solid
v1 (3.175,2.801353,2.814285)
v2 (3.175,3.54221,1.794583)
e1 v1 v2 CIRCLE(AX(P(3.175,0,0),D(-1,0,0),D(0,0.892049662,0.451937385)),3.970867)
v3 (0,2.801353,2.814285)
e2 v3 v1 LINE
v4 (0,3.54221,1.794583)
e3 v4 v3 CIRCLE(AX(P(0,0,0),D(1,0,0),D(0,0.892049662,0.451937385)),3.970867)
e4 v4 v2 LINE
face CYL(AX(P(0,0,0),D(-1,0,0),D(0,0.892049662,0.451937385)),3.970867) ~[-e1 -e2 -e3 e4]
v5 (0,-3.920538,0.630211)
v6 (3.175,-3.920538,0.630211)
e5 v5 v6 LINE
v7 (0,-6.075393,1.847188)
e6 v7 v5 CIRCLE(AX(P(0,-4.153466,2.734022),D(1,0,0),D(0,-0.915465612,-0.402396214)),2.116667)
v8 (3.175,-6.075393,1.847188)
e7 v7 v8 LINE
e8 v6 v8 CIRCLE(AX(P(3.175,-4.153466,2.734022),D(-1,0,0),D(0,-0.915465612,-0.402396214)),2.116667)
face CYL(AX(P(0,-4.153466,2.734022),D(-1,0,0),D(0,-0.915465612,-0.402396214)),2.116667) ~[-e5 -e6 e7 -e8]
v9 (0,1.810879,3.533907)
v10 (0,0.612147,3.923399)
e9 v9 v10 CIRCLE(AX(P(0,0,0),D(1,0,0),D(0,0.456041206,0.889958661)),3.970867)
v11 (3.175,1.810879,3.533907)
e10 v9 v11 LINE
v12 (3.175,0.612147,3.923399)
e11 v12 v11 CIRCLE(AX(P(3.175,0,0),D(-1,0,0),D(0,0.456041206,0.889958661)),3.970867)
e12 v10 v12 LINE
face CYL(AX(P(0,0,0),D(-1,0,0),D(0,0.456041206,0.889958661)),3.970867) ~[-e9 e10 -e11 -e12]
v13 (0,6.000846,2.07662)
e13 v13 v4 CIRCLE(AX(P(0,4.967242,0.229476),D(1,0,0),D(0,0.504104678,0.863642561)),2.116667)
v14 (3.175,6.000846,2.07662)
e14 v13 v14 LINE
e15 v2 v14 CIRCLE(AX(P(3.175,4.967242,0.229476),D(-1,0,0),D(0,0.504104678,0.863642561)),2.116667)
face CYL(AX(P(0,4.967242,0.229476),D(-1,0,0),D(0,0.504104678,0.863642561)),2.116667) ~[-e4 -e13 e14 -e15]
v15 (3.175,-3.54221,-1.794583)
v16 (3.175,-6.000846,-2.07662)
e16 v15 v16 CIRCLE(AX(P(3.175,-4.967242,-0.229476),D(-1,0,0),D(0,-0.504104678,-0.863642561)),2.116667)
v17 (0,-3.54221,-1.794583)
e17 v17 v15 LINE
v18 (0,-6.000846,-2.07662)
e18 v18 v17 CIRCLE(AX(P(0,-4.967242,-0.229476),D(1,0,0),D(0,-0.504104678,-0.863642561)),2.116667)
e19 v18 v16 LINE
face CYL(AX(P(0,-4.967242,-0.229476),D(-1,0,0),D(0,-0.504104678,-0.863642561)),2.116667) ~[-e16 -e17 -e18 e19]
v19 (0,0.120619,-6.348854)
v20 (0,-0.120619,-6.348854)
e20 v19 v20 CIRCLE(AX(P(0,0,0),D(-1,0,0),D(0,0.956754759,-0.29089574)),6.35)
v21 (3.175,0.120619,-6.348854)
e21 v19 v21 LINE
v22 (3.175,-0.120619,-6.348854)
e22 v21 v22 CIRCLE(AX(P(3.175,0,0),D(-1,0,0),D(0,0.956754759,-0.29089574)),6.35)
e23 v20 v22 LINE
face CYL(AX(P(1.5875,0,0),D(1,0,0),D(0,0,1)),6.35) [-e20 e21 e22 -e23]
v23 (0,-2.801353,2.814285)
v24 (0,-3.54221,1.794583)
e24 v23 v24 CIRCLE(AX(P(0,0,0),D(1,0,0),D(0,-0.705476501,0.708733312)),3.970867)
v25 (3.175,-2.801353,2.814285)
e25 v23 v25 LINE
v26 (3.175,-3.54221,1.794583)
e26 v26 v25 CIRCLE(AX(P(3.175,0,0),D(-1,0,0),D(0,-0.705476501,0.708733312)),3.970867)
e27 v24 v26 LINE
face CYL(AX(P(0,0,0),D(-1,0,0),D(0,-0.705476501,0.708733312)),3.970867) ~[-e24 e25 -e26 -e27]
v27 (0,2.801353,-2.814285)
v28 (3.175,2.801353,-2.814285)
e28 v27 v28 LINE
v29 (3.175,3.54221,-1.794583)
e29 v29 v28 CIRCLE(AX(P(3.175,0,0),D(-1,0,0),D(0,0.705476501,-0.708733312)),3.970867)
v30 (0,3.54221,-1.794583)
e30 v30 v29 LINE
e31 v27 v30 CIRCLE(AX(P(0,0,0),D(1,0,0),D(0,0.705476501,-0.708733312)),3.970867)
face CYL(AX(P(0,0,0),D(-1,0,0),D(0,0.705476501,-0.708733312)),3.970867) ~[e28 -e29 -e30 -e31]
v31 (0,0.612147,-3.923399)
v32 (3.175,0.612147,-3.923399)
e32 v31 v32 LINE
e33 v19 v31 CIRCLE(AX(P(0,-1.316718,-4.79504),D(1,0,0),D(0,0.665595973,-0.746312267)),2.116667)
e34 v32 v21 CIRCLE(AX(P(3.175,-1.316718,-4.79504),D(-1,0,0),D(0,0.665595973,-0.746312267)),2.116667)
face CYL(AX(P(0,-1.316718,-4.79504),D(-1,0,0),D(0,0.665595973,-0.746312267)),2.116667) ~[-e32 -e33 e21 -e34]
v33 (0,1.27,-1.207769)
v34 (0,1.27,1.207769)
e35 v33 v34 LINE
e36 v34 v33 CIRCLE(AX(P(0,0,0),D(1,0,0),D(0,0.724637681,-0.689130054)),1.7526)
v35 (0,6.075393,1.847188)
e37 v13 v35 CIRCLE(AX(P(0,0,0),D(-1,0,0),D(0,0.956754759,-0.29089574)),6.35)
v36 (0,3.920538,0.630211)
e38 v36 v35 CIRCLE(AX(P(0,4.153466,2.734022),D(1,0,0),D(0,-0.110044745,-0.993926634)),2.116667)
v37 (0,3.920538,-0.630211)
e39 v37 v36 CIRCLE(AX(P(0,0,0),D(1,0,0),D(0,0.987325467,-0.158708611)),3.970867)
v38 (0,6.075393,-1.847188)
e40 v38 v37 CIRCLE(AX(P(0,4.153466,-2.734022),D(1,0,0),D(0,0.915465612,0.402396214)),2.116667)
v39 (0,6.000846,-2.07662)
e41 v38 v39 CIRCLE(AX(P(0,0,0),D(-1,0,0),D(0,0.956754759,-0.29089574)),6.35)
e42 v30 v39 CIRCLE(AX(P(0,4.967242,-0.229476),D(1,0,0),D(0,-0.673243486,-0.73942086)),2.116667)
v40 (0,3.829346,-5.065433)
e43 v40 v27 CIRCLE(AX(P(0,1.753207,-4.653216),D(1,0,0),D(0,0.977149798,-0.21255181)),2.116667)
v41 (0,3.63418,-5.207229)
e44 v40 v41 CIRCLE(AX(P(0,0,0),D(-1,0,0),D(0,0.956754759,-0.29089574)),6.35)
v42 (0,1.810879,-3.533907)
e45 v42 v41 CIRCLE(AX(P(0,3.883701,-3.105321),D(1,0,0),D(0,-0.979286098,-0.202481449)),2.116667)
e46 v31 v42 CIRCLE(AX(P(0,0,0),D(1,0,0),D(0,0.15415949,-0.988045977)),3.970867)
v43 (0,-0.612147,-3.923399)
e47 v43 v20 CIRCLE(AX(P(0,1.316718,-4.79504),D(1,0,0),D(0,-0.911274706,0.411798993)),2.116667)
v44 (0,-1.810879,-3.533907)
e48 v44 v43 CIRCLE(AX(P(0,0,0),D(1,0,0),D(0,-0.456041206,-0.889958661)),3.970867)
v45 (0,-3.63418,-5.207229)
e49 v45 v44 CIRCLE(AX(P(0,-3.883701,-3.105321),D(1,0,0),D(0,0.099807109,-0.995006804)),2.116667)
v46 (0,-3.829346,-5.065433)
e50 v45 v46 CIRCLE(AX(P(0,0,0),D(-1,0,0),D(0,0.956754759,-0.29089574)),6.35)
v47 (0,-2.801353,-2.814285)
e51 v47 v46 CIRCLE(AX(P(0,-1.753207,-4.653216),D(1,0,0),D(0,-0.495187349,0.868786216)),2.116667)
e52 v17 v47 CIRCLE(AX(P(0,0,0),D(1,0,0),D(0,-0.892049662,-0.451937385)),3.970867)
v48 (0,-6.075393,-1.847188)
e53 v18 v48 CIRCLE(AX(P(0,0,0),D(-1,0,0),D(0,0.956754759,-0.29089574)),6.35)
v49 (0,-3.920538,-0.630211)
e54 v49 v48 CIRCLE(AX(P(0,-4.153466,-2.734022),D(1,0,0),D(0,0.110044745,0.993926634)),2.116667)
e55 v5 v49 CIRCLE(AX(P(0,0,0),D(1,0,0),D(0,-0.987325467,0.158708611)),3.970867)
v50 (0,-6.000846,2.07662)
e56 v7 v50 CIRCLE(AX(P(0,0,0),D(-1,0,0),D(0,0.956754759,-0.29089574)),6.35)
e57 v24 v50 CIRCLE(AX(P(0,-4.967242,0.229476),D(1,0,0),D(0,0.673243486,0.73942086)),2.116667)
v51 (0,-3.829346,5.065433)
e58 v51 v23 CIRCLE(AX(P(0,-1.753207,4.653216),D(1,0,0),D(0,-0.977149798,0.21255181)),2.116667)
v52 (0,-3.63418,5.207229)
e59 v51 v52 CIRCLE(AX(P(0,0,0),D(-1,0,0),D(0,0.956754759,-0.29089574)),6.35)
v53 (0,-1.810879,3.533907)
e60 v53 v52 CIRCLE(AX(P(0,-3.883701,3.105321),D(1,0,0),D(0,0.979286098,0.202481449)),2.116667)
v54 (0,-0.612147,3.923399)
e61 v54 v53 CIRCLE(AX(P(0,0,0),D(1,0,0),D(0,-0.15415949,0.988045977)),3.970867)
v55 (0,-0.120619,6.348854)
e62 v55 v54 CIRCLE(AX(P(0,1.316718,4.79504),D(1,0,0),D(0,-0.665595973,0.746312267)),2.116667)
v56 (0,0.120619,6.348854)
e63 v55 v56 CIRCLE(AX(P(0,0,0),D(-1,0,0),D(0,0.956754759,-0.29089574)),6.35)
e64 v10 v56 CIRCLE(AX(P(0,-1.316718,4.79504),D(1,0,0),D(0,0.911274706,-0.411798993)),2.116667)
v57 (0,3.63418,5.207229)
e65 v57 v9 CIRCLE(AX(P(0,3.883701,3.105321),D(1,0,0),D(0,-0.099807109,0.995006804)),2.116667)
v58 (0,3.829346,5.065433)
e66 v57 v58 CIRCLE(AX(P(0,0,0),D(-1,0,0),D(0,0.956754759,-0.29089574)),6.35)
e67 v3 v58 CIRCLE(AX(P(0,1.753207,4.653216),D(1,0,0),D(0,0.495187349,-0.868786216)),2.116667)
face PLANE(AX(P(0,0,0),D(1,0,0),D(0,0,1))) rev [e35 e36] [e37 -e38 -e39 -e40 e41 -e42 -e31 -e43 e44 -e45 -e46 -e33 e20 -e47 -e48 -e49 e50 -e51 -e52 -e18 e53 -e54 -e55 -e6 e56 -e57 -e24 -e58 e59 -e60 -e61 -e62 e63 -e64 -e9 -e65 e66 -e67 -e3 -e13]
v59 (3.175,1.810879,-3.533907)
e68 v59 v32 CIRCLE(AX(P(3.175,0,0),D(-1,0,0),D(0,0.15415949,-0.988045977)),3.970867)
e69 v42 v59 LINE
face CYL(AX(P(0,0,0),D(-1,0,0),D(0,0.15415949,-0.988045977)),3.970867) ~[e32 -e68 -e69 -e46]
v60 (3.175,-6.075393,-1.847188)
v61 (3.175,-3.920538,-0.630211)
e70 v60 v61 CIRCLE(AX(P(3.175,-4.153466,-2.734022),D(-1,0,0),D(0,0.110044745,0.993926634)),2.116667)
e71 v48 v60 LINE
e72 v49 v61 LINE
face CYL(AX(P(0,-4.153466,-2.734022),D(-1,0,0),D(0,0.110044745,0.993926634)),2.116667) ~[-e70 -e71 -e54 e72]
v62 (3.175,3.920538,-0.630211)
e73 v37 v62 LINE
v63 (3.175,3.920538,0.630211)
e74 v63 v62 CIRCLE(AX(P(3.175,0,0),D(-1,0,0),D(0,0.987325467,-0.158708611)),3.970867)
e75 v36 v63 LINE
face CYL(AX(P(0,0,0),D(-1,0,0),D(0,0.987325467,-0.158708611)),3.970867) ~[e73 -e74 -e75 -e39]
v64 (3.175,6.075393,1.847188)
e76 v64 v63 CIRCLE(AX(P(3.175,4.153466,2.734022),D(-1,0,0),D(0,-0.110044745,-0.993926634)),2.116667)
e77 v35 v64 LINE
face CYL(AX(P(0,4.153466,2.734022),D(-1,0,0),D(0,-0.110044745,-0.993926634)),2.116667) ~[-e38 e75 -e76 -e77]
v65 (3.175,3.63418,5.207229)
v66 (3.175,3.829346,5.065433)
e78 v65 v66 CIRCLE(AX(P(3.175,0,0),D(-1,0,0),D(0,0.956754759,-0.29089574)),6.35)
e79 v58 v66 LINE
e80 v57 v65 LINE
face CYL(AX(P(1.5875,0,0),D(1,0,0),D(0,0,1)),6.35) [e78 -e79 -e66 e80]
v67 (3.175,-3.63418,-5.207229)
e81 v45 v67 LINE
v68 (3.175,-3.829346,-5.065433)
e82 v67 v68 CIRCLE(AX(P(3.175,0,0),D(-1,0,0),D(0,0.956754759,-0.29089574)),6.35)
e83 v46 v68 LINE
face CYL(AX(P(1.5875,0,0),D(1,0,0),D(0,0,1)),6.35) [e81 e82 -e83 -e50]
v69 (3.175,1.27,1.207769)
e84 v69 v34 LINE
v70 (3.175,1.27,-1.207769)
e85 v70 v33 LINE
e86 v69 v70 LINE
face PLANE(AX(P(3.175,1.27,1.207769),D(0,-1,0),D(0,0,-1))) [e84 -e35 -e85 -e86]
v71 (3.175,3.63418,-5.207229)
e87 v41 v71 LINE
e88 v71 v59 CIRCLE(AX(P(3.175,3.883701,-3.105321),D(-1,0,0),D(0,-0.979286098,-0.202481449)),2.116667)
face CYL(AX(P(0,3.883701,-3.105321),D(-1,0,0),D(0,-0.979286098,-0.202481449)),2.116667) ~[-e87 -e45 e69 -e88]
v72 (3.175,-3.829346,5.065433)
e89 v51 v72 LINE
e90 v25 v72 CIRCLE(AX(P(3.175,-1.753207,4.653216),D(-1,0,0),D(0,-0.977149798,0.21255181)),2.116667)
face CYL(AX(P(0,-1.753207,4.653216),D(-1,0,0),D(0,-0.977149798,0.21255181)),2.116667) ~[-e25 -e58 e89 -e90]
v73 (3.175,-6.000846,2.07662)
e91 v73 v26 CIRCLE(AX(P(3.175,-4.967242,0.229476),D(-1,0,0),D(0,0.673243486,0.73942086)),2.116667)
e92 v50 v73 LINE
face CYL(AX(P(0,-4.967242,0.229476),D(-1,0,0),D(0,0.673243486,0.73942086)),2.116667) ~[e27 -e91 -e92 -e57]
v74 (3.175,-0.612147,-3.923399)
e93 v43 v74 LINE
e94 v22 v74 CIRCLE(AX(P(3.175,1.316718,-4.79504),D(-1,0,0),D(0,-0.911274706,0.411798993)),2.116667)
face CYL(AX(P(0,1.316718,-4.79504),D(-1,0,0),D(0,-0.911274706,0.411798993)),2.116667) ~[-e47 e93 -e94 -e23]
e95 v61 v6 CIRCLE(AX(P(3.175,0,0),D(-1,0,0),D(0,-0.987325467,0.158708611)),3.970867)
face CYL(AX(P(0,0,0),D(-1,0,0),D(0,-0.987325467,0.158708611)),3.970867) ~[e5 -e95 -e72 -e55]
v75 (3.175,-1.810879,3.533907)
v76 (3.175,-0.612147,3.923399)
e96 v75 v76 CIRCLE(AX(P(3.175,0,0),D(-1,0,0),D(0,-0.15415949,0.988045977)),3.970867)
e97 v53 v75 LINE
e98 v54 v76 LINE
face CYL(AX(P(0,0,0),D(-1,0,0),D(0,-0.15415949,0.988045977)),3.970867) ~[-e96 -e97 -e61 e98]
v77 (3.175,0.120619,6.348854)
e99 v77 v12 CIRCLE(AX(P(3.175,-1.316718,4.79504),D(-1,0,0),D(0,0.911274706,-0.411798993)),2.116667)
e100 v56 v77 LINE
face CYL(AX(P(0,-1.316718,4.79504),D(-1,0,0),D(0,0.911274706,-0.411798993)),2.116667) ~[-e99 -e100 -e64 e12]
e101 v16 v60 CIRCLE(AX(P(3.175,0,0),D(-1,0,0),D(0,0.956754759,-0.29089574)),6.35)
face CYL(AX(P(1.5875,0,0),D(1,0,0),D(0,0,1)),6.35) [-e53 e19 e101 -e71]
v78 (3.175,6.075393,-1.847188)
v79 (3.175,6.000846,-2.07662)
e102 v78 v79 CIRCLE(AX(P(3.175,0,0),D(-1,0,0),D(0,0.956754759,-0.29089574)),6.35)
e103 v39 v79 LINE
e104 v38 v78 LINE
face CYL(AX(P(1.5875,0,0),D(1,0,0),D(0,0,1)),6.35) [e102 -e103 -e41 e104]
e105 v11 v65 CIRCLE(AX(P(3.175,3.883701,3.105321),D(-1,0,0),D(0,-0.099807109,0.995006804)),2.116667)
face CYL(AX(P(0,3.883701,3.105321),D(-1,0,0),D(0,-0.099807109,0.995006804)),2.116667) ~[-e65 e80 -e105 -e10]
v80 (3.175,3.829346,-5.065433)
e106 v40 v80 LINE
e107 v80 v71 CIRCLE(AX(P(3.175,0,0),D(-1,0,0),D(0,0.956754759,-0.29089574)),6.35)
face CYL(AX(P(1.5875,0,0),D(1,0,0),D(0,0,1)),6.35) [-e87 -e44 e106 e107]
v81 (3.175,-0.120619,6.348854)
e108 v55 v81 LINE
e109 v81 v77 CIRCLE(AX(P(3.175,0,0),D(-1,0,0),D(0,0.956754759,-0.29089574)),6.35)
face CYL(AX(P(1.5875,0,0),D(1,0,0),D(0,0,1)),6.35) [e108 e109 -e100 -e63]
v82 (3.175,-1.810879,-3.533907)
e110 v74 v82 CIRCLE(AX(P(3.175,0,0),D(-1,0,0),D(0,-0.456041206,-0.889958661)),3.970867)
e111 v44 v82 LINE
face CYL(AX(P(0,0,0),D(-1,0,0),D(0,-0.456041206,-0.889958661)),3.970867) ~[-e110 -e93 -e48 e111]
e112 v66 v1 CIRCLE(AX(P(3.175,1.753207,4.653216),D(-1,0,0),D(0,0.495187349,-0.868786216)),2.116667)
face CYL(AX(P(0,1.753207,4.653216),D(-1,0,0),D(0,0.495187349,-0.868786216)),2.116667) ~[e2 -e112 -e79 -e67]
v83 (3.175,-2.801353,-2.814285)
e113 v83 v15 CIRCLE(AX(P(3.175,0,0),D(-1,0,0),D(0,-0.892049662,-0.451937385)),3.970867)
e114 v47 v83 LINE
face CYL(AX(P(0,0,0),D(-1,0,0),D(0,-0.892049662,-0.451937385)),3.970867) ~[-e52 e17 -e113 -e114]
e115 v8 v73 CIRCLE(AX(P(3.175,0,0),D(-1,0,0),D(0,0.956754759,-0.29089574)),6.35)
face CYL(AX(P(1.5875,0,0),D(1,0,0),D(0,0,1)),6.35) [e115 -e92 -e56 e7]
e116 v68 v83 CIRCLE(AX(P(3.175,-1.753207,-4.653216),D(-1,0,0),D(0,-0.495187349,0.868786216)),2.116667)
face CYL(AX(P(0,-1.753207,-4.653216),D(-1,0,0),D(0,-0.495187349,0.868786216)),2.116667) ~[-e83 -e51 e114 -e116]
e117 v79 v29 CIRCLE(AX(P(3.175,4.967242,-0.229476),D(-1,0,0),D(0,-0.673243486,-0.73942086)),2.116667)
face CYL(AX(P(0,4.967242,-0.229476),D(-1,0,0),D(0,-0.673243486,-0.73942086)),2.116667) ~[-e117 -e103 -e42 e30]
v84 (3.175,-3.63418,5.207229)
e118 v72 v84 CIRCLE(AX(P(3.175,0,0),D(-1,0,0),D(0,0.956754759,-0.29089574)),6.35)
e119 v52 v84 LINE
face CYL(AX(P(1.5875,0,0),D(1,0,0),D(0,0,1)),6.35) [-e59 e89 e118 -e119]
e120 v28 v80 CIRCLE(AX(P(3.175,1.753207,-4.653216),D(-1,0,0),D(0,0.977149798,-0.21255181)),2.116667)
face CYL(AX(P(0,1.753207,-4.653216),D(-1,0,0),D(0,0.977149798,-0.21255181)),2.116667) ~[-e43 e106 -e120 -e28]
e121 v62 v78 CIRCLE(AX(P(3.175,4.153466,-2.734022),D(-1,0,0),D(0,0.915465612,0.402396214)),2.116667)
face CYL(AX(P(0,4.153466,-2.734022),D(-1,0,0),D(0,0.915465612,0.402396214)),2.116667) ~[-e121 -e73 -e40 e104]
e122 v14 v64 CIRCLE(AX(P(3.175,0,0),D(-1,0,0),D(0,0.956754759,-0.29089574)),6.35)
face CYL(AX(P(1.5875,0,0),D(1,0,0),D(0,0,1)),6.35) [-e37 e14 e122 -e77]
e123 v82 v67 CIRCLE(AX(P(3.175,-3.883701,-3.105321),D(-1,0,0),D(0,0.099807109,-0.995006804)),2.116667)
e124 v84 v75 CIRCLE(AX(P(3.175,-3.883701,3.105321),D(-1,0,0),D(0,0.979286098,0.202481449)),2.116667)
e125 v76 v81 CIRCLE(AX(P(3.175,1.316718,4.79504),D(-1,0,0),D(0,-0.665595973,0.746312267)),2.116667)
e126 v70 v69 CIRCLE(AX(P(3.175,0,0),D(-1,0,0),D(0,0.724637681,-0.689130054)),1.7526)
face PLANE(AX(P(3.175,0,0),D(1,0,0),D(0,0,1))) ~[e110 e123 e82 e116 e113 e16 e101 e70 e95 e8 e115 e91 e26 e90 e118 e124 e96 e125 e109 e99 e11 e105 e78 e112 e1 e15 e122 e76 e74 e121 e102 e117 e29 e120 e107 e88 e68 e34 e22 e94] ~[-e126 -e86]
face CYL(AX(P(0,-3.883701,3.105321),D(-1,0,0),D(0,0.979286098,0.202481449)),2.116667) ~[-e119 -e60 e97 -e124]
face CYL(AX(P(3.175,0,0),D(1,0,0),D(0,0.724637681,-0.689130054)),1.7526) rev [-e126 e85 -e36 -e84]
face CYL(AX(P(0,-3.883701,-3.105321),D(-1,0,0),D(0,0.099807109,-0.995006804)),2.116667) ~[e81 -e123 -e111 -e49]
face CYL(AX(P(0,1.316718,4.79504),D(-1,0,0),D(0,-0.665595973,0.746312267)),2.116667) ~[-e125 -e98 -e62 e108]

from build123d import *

# Parameters (mm, degrees)
BASPROSKE_W        = 3.175
BASPROSKE_H        = 6.35
TOOTHCUT_DEPTH     = 10.525
TEETHCUTS_COUNT    = 10
TEETHCUTS_ANGLE    = 324
BORSKE_R           = 0.99949
BORE_DEPTH         = 50.8000508
CUT_EXTRUDE1_DEPTH = 10.344170464


with BuildPart() as part:
    # BasProSke → Base-Revolve (revolve)
    with BuildSketch(Plane(origin=(0, 0, 0), x_dir=(1, 0, 0), z_dir=(0, 1, 0)), mode=Mode.PRIVATE) as base_revolve_sk:
        with Locations((1.5875, 3.175)):
            Rectangle(BASPROSKE_W, BASPROSKE_H)
    revolve(base_revolve_sk.sketch.rotate(Axis((-10, 0, 0), (1, 0, 0)), 180), axis=Axis((-10, 0, 0), (1, 0, 0)))

    # TooCutSke → ToothCut (cut, through all)
    with BuildSketch(Plane(origin=(0, 0, 0), x_dir=(0, 0, -1), z_dir=(1, 0, 0))):
        with BuildLine():
            ThreePointArc((0.630210727, 3.920537785), (0, 3.970866667), (-0.630210727, 3.920537785))
            ThreePointArc((-0.630210727, 3.920537785), (-0.900510691, 5.2110639), (-1.88228345, 6.091201374))
            ThreePointArc((-1.88228345, 6.091201374), (0, 6.3754), (1.88228345, 6.091201374))
            ThreePointArc((1.88228345, 6.091201374), (0.900510691, 5.2110639), (0.630210727, 3.920537785))
        make_face()
    toothcut = extrude(amount=TOOTHCUT_DEPTH, mode=Mode.SUBTRACT)

    # TeethCuts: ToothCut ×10 about axis
    teethcuts_axis = Axis((-10, 0, 0), (1, 0, 0))
    for i in range(1, TEETHCUTS_COUNT):
        add(toothcut.rotate(teethcuts_axis, i * TEETHCUTS_ANGLE / (TEETHCUTS_COUNT - 1)), mode=Mode.SUBTRACT)

    # BorSke → Bore (cut, symmetric)
    with BuildSketch(Plane(origin=(0, 0, 0), x_dir=(0, 0, -1), z_dir=(1, 0, 0))):
        with Locations(Location((0, 0, 0), (0, 0, 180))):
            Circle(BORSKE_R)
    extrude(amount=BORE_DEPTH, both=True, mode=Mode.SUBTRACT)

    # Sketch1 → Cut-Extrude1 (cut, through all)
    with BuildSketch(Plane(origin=(3.175, 0, 0), x_dir=(0, 0, -1), z_dir=(1, 0, 0))):
        with BuildLine():
            Line((-1.207769332, 1.27), (1.207769332, 1.27))
            ThreePointArc((1.207769332, 1.27), (0, -1.7526), (-1.207769332, 1.27))
        make_face()
    extrude(amount=-CUT_EXTRUDE1_DEPTH, mode=Mode.SUBTRACT)


solid = part.part
